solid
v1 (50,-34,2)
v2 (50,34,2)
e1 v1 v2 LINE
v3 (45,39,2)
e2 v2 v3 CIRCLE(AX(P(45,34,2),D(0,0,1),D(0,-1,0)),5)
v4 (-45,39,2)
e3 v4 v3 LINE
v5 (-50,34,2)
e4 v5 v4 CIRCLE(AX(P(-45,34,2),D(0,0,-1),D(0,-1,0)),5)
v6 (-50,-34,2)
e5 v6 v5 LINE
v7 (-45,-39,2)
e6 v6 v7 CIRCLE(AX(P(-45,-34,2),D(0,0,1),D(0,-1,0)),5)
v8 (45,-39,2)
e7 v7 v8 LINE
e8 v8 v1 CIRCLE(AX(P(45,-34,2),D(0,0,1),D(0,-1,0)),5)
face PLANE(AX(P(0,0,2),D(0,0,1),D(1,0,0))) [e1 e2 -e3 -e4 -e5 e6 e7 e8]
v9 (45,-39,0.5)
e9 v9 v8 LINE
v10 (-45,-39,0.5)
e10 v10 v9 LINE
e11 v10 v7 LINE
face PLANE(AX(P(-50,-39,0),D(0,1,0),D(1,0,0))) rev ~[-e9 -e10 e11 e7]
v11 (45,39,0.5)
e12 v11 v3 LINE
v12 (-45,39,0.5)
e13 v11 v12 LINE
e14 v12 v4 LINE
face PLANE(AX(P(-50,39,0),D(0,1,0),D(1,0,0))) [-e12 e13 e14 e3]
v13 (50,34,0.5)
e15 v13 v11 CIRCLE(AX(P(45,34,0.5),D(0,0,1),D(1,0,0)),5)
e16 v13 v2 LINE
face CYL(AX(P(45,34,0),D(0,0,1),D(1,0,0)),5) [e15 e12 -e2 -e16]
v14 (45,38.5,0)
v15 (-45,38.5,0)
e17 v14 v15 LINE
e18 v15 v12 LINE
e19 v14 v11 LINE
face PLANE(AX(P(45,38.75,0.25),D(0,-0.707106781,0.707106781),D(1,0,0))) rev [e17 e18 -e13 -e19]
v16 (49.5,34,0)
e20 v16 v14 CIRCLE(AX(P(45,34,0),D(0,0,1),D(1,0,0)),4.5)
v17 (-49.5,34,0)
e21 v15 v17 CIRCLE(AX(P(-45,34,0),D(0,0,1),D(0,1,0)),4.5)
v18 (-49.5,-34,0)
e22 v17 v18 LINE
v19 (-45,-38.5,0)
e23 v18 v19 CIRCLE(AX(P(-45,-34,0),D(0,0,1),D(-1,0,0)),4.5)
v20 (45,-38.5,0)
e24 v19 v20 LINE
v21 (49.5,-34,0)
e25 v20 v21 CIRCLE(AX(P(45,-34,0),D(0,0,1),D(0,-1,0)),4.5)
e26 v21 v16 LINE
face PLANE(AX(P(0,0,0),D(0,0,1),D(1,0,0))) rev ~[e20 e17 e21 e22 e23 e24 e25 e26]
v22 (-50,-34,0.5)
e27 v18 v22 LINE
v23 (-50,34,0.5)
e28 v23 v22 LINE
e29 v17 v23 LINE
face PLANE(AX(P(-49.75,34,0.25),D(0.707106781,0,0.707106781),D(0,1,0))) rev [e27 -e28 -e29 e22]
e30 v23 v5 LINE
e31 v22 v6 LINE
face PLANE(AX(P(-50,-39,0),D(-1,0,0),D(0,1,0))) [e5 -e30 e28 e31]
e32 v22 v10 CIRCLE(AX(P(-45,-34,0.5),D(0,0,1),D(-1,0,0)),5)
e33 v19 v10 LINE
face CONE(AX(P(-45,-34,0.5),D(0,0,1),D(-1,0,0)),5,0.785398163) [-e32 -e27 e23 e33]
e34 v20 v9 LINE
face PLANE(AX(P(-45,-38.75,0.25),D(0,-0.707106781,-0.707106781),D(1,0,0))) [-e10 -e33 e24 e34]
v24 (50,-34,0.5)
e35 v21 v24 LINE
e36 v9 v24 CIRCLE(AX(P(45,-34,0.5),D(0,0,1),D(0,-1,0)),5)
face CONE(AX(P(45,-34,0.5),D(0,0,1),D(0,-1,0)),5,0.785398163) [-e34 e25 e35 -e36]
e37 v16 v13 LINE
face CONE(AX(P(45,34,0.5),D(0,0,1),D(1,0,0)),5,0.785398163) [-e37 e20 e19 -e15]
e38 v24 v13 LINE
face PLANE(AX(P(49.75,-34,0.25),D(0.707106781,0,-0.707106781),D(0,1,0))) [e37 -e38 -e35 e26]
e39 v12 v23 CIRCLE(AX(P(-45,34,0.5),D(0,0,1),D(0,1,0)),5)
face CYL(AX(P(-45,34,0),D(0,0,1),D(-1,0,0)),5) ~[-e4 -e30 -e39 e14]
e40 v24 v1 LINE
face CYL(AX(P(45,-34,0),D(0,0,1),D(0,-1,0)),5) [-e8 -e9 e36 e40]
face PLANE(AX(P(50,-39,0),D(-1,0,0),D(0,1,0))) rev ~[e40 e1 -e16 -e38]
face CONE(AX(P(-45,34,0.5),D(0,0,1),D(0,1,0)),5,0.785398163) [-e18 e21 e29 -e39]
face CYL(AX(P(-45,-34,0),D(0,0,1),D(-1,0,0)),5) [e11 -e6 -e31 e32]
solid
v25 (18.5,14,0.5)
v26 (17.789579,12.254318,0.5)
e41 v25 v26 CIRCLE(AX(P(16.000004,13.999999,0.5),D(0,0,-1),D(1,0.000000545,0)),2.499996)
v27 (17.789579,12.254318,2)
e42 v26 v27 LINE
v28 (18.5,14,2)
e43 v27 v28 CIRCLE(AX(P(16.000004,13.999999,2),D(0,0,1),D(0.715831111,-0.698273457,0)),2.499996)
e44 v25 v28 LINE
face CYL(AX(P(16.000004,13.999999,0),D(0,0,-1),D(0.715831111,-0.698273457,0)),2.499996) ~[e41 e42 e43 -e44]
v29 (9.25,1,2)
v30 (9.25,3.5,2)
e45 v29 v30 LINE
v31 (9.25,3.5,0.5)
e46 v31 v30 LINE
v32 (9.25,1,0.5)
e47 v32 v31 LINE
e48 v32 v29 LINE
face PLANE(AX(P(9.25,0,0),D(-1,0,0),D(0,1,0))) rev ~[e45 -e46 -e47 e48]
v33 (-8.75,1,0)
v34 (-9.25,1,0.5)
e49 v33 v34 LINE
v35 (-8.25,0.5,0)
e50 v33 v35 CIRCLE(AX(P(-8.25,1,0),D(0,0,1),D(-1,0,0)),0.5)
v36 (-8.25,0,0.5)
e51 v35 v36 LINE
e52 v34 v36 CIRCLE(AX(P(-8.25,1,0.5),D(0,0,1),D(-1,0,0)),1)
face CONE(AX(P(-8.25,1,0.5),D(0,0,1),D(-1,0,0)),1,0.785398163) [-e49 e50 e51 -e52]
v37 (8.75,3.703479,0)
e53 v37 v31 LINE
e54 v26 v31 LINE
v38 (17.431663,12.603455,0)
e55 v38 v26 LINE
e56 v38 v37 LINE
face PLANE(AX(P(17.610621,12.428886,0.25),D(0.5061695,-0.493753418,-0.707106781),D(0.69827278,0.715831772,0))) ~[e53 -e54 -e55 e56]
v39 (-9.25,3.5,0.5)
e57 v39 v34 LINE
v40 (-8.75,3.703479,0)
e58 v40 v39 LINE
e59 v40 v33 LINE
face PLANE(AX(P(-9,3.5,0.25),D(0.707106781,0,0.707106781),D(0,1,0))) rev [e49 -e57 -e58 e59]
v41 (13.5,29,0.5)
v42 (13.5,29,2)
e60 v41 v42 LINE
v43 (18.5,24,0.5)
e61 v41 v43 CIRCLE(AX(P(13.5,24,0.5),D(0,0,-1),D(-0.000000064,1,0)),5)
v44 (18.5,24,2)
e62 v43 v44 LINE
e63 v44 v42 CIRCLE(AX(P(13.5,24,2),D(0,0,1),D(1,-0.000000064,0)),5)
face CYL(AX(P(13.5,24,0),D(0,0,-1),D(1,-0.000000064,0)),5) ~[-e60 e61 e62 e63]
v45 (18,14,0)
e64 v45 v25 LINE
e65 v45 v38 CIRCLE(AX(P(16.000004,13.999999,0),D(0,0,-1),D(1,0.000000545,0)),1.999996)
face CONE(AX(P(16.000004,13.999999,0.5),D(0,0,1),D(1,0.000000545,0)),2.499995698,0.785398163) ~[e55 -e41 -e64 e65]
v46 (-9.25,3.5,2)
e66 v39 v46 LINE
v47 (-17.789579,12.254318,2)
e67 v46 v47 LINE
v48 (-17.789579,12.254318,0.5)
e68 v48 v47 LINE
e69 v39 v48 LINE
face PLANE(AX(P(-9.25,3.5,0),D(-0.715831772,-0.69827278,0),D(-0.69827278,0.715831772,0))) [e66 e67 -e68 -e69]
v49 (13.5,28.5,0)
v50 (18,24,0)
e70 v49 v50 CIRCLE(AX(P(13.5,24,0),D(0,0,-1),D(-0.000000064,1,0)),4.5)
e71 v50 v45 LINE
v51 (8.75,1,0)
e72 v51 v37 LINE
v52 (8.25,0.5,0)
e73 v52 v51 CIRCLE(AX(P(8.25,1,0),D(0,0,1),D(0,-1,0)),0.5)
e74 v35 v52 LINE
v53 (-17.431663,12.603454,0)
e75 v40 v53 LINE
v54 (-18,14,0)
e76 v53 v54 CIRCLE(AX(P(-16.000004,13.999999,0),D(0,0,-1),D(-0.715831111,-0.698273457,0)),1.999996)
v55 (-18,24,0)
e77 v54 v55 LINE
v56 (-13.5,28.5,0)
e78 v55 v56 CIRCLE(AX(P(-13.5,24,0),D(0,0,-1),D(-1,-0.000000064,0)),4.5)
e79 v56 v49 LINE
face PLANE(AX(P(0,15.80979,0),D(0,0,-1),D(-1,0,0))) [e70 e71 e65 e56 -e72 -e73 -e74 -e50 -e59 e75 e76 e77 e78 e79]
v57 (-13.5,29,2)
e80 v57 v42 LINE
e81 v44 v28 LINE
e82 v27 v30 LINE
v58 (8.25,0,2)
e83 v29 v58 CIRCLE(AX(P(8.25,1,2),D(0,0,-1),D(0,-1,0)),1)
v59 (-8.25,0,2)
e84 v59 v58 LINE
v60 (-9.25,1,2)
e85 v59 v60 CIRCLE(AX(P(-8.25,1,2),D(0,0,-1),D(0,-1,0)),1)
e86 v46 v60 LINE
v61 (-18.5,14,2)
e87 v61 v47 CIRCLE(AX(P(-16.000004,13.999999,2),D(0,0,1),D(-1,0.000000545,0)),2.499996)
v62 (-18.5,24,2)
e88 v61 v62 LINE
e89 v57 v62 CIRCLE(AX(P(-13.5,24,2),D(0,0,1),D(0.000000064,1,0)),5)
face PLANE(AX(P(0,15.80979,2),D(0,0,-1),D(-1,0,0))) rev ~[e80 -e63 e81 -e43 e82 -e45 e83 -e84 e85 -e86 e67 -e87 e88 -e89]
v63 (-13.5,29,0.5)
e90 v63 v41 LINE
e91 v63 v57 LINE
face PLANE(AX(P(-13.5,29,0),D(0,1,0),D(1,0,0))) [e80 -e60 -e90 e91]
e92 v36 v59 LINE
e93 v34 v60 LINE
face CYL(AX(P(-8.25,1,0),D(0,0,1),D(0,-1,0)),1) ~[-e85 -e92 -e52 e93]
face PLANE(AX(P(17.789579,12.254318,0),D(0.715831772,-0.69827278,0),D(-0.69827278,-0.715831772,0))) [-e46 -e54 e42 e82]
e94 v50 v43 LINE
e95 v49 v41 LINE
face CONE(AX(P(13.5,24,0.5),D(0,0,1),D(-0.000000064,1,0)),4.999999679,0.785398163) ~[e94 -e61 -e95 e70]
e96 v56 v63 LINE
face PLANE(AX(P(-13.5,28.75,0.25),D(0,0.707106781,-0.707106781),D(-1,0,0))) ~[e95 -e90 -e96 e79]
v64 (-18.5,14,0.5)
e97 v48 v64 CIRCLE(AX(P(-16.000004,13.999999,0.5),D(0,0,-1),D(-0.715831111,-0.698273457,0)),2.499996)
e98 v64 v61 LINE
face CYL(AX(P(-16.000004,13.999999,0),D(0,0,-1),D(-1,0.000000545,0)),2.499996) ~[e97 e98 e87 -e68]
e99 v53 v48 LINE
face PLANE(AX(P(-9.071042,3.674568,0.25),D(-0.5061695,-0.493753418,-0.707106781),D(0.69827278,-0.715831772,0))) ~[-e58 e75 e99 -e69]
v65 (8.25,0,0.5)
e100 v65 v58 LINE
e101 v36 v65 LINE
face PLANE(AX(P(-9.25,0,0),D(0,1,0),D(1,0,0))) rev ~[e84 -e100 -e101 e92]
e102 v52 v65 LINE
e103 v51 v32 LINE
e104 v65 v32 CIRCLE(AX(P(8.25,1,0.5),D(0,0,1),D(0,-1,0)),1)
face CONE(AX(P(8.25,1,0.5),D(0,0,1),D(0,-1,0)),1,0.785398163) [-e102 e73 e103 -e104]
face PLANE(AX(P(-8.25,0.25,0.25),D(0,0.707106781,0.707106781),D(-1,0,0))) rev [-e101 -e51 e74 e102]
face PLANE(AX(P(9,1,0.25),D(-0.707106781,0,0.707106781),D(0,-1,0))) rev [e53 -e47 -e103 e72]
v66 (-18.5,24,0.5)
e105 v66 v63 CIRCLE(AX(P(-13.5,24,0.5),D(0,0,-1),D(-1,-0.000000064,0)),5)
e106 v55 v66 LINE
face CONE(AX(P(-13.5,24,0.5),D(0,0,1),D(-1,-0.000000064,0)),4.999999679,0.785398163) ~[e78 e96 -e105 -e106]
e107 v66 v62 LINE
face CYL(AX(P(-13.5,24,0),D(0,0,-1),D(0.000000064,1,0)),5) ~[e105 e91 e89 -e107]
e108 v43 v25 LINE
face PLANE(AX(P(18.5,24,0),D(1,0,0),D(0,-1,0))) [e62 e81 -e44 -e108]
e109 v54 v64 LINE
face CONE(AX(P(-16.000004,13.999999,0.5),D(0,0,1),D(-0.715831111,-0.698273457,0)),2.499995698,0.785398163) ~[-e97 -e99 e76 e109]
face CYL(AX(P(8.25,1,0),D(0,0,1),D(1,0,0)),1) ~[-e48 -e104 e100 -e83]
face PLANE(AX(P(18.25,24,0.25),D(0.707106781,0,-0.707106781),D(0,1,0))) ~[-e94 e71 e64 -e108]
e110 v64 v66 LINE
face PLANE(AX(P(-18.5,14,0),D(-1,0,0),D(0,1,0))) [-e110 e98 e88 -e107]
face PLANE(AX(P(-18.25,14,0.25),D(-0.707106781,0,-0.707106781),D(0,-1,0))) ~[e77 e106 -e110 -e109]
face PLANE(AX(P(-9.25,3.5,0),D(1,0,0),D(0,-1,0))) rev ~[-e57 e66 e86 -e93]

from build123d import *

# Parameters (mm, degrees)
SKETCH_W        = 100
SKETCH_H        = 78
PAD_DEPTH       = 2
FILLET_R        = 5
CHAMFER_SIZE    = 0.5
PAD001_DEPTH    = 2
FILLET001_R     = 1
CHAMFER001_SIZE = 0.5


with BuildPart() as base:
    # Sketch → Pad (new body)
    with BuildSketch(Plane.XY):
        Rectangle(SKETCH_W, SKETCH_H)
    extrude(amount=PAD_DEPTH)

    # Fillet
    fillet_edges = [base.edges().sort_by_distance(p)[0] for p in [
        (50, 39, 1),
        (50, -39, 1),
        (-50, -39, 1),
        (-50, 39, 1),
    ]]
    fillet(fillet_edges, radius=FILLET_R)

    # Chamfer
    chamfer_edges = [base.edges().sort_by_distance(p)[0] for p in [
        (0, -39, 0),
        (-50, 0, 0),
        (0, 39, 0),
        (50, 0, 0),
    ]]
    chamfer(chamfer_edges, length=CHAMFER_SIZE)


with BuildPart() as foot:
    # Sketch001 → Pad001 (new body)
    with BuildSketch(Plane.XY):
        with BuildLine():
            Line((-13.5, 29), (13.5, 29))
            ThreePointArc((18.5, 24), (17.035534, 27.535534), (13.5, 29))
            Line((18.5, 24), (18.5, 14))
            ThreePointArc((17.789579, 12.254318), (18.315594, 13.057649), (18.5, 14))
            Line((17.789579, 12.254318), (9.25, 3.5))
            Line((9.25, 0), (9.25, 3.5))
            Line((-9.25, 0), (9.25, 0))
            Line((-9.25, 3.5), (-9.25, 0))
            Line((-9.25, 3.5), (-17.789579, 12.254318))
            ThreePointArc((-18.5, 14), (-18.315594, 13.057649), (-17.789579, 12.254318))
            Line((-18.5, 14), (-18.5, 24))
            ThreePointArc((-13.5, 29), (-17.035534, 27.535534), (-18.5, 24))
        make_face()
    extrude(amount=PAD001_DEPTH)

    # Fillet001
    fillet001_edges = [foot.edges().sort_by_distance(p)[0] for p in [
        (-9.25, 0, 1),
        (9.25, 0, 1),
    ]]
    fillet(fillet001_edges, radius=FILLET001_R)

    # Chamfer001
    chamfer001_edges = [foot.edges().sort_by_distance(p)[0] for p in [
        (-13.51979, 7.877159, 0),
        (0, 0, 0),
        (-8.957107, 0.292893, 0),
        (-9.25, 2.25, 0),
        (-18.5, 19, 0),
        (-18.315594, 13.057649, 0),
        (-17.035534, 27.535534, 0),
        (0, 29, 0),
        (17.035534, 27.535534, 0),
        (18.5, 19, 0),
        (18.315594, 13.057649, 0),
        (13.51979, 7.877159, 0),
        (9.25, 2.25, 0),
        (8.957107, 0.292893, 0),
    ]]
    chamfer(chamfer001_edges, length=CHAMFER001_SIZE)


solid = Compound([base.part, foot.part])
